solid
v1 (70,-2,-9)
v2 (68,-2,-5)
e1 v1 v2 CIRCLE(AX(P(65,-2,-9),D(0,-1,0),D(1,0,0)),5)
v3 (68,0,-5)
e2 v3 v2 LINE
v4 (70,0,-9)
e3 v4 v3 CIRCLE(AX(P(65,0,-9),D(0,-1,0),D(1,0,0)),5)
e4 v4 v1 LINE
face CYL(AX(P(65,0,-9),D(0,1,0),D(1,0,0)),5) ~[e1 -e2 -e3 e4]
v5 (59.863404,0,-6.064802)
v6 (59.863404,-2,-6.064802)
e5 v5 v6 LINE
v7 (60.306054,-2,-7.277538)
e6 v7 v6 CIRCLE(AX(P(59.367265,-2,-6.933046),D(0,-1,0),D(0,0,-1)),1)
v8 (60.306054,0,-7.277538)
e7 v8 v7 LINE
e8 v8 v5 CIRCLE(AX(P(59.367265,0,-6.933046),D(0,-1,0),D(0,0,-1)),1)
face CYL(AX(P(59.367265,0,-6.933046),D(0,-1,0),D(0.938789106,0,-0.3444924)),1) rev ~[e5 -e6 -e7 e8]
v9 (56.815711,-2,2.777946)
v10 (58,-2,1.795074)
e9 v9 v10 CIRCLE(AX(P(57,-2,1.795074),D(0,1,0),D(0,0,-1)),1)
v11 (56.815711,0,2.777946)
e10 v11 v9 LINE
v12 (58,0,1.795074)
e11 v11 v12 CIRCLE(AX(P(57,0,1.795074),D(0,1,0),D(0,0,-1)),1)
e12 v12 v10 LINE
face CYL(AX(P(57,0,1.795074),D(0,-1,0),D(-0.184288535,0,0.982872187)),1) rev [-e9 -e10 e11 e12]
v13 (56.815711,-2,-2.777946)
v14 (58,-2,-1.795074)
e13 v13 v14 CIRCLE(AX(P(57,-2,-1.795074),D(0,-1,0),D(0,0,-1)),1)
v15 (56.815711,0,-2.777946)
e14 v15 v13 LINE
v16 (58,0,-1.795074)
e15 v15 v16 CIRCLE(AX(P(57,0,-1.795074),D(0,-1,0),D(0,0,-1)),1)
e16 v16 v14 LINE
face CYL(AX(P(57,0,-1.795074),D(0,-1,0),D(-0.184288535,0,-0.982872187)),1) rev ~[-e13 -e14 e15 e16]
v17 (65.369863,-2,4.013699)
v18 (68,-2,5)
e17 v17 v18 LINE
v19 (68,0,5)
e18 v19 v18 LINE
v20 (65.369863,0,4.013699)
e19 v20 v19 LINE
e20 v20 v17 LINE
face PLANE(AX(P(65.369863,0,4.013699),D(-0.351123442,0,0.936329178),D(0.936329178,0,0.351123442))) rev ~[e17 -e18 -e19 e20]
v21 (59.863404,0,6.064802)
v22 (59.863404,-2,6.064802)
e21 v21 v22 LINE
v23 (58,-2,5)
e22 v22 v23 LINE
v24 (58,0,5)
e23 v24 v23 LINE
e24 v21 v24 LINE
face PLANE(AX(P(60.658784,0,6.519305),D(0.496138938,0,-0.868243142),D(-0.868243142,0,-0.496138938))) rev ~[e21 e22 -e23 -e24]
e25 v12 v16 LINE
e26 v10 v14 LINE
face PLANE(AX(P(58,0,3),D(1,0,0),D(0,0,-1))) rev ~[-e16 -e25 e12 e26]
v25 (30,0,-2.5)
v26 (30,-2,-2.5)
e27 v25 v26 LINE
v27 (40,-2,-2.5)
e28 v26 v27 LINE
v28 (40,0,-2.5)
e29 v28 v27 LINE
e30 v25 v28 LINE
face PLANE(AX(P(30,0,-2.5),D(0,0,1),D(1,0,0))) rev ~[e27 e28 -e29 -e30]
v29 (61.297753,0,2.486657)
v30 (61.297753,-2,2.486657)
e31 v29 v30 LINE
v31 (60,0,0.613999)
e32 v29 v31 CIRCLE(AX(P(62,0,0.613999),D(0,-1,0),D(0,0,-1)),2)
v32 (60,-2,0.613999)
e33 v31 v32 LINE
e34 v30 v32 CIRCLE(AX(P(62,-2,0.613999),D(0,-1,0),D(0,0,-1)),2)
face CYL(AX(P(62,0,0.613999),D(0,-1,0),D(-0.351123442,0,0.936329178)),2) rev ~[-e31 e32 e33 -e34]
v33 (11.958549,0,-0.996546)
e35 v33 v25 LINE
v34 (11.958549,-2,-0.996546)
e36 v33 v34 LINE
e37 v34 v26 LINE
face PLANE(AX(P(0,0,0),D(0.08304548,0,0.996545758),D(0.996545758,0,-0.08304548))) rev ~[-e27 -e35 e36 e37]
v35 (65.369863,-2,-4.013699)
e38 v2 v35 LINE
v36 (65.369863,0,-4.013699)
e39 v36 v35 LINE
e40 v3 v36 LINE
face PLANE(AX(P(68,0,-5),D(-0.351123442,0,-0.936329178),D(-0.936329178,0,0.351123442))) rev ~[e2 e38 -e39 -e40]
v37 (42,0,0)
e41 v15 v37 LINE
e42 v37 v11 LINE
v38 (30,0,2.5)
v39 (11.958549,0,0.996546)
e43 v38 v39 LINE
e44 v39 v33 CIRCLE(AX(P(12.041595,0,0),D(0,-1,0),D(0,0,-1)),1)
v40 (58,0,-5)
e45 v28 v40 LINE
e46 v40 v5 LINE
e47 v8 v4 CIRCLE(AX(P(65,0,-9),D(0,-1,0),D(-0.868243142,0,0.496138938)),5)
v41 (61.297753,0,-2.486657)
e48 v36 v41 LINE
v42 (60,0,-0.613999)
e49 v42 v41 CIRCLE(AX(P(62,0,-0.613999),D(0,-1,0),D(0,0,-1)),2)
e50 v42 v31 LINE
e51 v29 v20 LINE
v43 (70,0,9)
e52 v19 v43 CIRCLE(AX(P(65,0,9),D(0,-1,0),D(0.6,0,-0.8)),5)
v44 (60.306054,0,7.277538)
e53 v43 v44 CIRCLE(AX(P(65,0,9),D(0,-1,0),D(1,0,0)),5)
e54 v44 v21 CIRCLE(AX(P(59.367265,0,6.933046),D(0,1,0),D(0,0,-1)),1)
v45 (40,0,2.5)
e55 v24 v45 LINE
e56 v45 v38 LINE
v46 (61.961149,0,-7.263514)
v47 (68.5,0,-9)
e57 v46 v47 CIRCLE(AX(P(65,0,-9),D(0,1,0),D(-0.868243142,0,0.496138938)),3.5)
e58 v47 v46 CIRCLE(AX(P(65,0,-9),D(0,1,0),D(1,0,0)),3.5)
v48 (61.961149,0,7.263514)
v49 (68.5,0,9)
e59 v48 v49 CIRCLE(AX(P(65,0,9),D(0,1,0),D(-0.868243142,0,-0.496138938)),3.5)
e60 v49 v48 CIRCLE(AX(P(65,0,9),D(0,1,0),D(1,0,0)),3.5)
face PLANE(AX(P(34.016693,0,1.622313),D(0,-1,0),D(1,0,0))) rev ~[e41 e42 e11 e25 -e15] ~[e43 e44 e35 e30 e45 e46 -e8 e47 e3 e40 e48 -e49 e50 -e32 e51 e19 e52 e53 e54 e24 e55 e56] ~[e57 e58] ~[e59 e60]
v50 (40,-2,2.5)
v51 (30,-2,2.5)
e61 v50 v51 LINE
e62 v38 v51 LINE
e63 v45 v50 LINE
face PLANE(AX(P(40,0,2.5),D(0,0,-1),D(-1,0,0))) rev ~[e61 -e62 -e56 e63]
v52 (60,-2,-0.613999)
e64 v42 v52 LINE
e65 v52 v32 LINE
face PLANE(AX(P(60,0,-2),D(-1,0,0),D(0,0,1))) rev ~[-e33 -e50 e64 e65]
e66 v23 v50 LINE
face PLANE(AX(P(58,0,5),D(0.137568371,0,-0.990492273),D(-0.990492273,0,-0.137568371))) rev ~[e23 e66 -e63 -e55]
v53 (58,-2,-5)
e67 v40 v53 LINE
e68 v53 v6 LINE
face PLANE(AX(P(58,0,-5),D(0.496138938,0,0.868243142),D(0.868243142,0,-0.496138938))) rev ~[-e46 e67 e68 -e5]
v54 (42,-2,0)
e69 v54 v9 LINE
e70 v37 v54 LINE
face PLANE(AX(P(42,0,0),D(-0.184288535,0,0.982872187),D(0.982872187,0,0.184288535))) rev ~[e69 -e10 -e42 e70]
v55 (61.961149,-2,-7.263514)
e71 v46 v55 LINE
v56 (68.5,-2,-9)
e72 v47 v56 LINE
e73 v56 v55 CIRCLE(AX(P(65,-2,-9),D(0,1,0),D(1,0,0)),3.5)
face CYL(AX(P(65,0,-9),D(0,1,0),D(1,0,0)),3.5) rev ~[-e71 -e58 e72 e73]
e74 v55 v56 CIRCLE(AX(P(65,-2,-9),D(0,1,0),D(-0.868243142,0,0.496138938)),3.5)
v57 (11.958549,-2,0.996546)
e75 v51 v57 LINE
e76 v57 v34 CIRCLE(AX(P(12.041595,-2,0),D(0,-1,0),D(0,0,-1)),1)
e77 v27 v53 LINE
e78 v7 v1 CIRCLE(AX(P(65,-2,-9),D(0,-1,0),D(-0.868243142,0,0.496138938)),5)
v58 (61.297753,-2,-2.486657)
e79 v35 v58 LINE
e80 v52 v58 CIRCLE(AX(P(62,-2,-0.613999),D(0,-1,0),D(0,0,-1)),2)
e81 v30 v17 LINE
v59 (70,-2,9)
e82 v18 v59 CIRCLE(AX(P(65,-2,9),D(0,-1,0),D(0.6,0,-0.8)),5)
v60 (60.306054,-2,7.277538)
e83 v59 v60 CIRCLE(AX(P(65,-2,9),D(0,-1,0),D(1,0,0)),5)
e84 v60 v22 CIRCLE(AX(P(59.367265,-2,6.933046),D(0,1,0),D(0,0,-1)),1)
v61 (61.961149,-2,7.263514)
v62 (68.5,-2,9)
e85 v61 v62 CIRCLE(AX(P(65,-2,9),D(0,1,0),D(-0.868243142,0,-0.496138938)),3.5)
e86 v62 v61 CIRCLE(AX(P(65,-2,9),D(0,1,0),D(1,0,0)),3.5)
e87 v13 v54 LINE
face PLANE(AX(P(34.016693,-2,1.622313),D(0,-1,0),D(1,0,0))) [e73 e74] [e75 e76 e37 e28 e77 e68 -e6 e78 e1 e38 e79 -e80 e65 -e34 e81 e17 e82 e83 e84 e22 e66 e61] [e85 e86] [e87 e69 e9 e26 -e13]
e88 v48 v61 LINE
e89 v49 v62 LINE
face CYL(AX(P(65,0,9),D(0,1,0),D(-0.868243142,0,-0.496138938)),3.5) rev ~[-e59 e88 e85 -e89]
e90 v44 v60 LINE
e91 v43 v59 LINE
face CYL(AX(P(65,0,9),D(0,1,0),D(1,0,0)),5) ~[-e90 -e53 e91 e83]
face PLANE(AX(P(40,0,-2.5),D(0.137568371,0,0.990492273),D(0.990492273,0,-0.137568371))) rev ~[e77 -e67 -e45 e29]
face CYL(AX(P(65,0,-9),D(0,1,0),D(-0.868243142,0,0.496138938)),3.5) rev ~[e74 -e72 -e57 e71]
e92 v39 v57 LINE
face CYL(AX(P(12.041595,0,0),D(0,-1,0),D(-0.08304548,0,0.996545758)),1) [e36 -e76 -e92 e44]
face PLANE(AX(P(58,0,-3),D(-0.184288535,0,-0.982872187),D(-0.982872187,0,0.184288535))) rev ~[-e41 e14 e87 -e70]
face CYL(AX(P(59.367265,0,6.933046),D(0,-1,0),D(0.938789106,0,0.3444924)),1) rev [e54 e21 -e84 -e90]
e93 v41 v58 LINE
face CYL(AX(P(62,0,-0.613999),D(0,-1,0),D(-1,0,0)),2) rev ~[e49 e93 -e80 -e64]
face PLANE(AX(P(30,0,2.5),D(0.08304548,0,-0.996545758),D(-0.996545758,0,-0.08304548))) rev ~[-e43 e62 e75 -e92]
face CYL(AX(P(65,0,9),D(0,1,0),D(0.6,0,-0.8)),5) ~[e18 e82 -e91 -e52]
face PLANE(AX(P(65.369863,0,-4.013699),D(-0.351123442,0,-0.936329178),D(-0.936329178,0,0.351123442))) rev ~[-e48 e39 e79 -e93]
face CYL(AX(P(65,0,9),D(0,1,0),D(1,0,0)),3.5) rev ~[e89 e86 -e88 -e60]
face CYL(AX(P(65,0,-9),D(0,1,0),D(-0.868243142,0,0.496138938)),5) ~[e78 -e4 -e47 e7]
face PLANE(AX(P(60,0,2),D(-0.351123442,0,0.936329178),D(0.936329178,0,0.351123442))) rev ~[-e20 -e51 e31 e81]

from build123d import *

# Parameters (mm, degrees)
F1_DEPTH = 2
F2_R     = 2
F3_R     = 1


with BuildPart() as f1:
    # F0 (on Front) → F1 (new body)
    with BuildSketch(Plane.XZ):
        with BuildLine():
            Line((30, 2.5), (0, 0))
            Line((0, 0), (42, 0))
            Line((42, 0), (58, 3))
            Line((58, 3), (58, 0))
            Line((58, 0), (60, 0))
            Line((60, 0), (60, 2))
            Line((60, 2), (65.3698630137, 4.0136986301))
            ThreePointArc((65.3698630137, 4.0136986301), (62.6521442193, 4.5855268454), (60.6587842894, 6.5193053082))
            Line((60.6587842894, 6.5193053082), (58, 5))
            Line((58, 5), (40, 2.5))
            Line((40, 2.5), (30, 2.5))
        make_face()
        with BuildLine():
            Line((42, 0), (0, 0))
            Line((0, 0), (30, -2.5))
            Line((30, -2.5), (40, -2.5))
            Line((40, -2.5), (58, -5))
            Line((58, -5), (60.6587842894, -6.5193053082))
            ThreePointArc((60.6587842894, -6.5193053082), (62.6521442193, -4.5855268454), (65.3698630137, -4.0136986301))
            Line((65.3698630137, -4.0136986301), (60, -2))
            Line((60, -2), (60, 0))
            Line((60, 0), (58, 0))
            Line((58, 0), (58, -3))
            Line((58, -3), (42, 0))
        make_face()
        with BuildLine():
            ThreePointArc((70, 9), (63.7166603242, 13.8324982438), (60.6587842894, 6.5193053082))
            ThreePointArc((60.6587842894, 6.5193053082), (62.6521442193, 4.5855268454), (65.3698630137, 4.0136986301))
            Line((65.3698630137, 4.0136986301), (68, 5))
            ThreePointArc((68, 5), (69.472135955, 6.7639320225), (70, 9))
        make_face()
        with BuildLine():
            ThreePointArc((68.5, 9), (65.898337773, 5.6172512293), (61.9611490026, 7.2635137158))
            ThreePointArc((61.9611490026, 7.2635137158), (64.101662227, 12.3827487707), (68.5, 9))
        make_face(mode=Mode.SUBTRACT)
        with BuildLine():
            ThreePointArc((65.3698630137, -4.0136986301), (62.6521442193, -4.5855268454), (60.6587842894, -6.5193053082))
            ThreePointArc((60.6587842894, -6.5193053082), (63.7166603242, -13.8324982438), (70, -9))
            ThreePointArc((70, -9), (69.472135955, -6.7639320225), (68, -5))
            Line((68, -5), (65.3698630137, -4.0136986301))
        make_face()
        with BuildLine():
            ThreePointArc((68.5, -9), (64.101662227, -12.3827487707), (61.9611490026, -7.2635137158))
            ThreePointArc((61.9611490026, -7.2635137158), (65.898337773, -5.6172512293), (68.5, -9))
        make_face(mode=Mode.SUBTRACT)
    extrude(amount=F1_DEPTH)

    # F2
    f2_edges = [f1.edges().sort_by_distance(p)[0] for p in [
        (60, -1, 2),
        (60, -1, -2),
    ]]
    fillet(f2_edges, radius=F2_R)

    # F3
    f3_edges = [f1.edges().sort_by_distance(p)[0] for p in [
        (58, -1, 3),
        (58, -1, -3),
        (60.658784, -1, -6.519305),
        (60.658784, -1, 6.519305),
        (0, -1, 0),
    ]]
    fillet(f3_edges, radius=F3_R)


solid = f1.part
